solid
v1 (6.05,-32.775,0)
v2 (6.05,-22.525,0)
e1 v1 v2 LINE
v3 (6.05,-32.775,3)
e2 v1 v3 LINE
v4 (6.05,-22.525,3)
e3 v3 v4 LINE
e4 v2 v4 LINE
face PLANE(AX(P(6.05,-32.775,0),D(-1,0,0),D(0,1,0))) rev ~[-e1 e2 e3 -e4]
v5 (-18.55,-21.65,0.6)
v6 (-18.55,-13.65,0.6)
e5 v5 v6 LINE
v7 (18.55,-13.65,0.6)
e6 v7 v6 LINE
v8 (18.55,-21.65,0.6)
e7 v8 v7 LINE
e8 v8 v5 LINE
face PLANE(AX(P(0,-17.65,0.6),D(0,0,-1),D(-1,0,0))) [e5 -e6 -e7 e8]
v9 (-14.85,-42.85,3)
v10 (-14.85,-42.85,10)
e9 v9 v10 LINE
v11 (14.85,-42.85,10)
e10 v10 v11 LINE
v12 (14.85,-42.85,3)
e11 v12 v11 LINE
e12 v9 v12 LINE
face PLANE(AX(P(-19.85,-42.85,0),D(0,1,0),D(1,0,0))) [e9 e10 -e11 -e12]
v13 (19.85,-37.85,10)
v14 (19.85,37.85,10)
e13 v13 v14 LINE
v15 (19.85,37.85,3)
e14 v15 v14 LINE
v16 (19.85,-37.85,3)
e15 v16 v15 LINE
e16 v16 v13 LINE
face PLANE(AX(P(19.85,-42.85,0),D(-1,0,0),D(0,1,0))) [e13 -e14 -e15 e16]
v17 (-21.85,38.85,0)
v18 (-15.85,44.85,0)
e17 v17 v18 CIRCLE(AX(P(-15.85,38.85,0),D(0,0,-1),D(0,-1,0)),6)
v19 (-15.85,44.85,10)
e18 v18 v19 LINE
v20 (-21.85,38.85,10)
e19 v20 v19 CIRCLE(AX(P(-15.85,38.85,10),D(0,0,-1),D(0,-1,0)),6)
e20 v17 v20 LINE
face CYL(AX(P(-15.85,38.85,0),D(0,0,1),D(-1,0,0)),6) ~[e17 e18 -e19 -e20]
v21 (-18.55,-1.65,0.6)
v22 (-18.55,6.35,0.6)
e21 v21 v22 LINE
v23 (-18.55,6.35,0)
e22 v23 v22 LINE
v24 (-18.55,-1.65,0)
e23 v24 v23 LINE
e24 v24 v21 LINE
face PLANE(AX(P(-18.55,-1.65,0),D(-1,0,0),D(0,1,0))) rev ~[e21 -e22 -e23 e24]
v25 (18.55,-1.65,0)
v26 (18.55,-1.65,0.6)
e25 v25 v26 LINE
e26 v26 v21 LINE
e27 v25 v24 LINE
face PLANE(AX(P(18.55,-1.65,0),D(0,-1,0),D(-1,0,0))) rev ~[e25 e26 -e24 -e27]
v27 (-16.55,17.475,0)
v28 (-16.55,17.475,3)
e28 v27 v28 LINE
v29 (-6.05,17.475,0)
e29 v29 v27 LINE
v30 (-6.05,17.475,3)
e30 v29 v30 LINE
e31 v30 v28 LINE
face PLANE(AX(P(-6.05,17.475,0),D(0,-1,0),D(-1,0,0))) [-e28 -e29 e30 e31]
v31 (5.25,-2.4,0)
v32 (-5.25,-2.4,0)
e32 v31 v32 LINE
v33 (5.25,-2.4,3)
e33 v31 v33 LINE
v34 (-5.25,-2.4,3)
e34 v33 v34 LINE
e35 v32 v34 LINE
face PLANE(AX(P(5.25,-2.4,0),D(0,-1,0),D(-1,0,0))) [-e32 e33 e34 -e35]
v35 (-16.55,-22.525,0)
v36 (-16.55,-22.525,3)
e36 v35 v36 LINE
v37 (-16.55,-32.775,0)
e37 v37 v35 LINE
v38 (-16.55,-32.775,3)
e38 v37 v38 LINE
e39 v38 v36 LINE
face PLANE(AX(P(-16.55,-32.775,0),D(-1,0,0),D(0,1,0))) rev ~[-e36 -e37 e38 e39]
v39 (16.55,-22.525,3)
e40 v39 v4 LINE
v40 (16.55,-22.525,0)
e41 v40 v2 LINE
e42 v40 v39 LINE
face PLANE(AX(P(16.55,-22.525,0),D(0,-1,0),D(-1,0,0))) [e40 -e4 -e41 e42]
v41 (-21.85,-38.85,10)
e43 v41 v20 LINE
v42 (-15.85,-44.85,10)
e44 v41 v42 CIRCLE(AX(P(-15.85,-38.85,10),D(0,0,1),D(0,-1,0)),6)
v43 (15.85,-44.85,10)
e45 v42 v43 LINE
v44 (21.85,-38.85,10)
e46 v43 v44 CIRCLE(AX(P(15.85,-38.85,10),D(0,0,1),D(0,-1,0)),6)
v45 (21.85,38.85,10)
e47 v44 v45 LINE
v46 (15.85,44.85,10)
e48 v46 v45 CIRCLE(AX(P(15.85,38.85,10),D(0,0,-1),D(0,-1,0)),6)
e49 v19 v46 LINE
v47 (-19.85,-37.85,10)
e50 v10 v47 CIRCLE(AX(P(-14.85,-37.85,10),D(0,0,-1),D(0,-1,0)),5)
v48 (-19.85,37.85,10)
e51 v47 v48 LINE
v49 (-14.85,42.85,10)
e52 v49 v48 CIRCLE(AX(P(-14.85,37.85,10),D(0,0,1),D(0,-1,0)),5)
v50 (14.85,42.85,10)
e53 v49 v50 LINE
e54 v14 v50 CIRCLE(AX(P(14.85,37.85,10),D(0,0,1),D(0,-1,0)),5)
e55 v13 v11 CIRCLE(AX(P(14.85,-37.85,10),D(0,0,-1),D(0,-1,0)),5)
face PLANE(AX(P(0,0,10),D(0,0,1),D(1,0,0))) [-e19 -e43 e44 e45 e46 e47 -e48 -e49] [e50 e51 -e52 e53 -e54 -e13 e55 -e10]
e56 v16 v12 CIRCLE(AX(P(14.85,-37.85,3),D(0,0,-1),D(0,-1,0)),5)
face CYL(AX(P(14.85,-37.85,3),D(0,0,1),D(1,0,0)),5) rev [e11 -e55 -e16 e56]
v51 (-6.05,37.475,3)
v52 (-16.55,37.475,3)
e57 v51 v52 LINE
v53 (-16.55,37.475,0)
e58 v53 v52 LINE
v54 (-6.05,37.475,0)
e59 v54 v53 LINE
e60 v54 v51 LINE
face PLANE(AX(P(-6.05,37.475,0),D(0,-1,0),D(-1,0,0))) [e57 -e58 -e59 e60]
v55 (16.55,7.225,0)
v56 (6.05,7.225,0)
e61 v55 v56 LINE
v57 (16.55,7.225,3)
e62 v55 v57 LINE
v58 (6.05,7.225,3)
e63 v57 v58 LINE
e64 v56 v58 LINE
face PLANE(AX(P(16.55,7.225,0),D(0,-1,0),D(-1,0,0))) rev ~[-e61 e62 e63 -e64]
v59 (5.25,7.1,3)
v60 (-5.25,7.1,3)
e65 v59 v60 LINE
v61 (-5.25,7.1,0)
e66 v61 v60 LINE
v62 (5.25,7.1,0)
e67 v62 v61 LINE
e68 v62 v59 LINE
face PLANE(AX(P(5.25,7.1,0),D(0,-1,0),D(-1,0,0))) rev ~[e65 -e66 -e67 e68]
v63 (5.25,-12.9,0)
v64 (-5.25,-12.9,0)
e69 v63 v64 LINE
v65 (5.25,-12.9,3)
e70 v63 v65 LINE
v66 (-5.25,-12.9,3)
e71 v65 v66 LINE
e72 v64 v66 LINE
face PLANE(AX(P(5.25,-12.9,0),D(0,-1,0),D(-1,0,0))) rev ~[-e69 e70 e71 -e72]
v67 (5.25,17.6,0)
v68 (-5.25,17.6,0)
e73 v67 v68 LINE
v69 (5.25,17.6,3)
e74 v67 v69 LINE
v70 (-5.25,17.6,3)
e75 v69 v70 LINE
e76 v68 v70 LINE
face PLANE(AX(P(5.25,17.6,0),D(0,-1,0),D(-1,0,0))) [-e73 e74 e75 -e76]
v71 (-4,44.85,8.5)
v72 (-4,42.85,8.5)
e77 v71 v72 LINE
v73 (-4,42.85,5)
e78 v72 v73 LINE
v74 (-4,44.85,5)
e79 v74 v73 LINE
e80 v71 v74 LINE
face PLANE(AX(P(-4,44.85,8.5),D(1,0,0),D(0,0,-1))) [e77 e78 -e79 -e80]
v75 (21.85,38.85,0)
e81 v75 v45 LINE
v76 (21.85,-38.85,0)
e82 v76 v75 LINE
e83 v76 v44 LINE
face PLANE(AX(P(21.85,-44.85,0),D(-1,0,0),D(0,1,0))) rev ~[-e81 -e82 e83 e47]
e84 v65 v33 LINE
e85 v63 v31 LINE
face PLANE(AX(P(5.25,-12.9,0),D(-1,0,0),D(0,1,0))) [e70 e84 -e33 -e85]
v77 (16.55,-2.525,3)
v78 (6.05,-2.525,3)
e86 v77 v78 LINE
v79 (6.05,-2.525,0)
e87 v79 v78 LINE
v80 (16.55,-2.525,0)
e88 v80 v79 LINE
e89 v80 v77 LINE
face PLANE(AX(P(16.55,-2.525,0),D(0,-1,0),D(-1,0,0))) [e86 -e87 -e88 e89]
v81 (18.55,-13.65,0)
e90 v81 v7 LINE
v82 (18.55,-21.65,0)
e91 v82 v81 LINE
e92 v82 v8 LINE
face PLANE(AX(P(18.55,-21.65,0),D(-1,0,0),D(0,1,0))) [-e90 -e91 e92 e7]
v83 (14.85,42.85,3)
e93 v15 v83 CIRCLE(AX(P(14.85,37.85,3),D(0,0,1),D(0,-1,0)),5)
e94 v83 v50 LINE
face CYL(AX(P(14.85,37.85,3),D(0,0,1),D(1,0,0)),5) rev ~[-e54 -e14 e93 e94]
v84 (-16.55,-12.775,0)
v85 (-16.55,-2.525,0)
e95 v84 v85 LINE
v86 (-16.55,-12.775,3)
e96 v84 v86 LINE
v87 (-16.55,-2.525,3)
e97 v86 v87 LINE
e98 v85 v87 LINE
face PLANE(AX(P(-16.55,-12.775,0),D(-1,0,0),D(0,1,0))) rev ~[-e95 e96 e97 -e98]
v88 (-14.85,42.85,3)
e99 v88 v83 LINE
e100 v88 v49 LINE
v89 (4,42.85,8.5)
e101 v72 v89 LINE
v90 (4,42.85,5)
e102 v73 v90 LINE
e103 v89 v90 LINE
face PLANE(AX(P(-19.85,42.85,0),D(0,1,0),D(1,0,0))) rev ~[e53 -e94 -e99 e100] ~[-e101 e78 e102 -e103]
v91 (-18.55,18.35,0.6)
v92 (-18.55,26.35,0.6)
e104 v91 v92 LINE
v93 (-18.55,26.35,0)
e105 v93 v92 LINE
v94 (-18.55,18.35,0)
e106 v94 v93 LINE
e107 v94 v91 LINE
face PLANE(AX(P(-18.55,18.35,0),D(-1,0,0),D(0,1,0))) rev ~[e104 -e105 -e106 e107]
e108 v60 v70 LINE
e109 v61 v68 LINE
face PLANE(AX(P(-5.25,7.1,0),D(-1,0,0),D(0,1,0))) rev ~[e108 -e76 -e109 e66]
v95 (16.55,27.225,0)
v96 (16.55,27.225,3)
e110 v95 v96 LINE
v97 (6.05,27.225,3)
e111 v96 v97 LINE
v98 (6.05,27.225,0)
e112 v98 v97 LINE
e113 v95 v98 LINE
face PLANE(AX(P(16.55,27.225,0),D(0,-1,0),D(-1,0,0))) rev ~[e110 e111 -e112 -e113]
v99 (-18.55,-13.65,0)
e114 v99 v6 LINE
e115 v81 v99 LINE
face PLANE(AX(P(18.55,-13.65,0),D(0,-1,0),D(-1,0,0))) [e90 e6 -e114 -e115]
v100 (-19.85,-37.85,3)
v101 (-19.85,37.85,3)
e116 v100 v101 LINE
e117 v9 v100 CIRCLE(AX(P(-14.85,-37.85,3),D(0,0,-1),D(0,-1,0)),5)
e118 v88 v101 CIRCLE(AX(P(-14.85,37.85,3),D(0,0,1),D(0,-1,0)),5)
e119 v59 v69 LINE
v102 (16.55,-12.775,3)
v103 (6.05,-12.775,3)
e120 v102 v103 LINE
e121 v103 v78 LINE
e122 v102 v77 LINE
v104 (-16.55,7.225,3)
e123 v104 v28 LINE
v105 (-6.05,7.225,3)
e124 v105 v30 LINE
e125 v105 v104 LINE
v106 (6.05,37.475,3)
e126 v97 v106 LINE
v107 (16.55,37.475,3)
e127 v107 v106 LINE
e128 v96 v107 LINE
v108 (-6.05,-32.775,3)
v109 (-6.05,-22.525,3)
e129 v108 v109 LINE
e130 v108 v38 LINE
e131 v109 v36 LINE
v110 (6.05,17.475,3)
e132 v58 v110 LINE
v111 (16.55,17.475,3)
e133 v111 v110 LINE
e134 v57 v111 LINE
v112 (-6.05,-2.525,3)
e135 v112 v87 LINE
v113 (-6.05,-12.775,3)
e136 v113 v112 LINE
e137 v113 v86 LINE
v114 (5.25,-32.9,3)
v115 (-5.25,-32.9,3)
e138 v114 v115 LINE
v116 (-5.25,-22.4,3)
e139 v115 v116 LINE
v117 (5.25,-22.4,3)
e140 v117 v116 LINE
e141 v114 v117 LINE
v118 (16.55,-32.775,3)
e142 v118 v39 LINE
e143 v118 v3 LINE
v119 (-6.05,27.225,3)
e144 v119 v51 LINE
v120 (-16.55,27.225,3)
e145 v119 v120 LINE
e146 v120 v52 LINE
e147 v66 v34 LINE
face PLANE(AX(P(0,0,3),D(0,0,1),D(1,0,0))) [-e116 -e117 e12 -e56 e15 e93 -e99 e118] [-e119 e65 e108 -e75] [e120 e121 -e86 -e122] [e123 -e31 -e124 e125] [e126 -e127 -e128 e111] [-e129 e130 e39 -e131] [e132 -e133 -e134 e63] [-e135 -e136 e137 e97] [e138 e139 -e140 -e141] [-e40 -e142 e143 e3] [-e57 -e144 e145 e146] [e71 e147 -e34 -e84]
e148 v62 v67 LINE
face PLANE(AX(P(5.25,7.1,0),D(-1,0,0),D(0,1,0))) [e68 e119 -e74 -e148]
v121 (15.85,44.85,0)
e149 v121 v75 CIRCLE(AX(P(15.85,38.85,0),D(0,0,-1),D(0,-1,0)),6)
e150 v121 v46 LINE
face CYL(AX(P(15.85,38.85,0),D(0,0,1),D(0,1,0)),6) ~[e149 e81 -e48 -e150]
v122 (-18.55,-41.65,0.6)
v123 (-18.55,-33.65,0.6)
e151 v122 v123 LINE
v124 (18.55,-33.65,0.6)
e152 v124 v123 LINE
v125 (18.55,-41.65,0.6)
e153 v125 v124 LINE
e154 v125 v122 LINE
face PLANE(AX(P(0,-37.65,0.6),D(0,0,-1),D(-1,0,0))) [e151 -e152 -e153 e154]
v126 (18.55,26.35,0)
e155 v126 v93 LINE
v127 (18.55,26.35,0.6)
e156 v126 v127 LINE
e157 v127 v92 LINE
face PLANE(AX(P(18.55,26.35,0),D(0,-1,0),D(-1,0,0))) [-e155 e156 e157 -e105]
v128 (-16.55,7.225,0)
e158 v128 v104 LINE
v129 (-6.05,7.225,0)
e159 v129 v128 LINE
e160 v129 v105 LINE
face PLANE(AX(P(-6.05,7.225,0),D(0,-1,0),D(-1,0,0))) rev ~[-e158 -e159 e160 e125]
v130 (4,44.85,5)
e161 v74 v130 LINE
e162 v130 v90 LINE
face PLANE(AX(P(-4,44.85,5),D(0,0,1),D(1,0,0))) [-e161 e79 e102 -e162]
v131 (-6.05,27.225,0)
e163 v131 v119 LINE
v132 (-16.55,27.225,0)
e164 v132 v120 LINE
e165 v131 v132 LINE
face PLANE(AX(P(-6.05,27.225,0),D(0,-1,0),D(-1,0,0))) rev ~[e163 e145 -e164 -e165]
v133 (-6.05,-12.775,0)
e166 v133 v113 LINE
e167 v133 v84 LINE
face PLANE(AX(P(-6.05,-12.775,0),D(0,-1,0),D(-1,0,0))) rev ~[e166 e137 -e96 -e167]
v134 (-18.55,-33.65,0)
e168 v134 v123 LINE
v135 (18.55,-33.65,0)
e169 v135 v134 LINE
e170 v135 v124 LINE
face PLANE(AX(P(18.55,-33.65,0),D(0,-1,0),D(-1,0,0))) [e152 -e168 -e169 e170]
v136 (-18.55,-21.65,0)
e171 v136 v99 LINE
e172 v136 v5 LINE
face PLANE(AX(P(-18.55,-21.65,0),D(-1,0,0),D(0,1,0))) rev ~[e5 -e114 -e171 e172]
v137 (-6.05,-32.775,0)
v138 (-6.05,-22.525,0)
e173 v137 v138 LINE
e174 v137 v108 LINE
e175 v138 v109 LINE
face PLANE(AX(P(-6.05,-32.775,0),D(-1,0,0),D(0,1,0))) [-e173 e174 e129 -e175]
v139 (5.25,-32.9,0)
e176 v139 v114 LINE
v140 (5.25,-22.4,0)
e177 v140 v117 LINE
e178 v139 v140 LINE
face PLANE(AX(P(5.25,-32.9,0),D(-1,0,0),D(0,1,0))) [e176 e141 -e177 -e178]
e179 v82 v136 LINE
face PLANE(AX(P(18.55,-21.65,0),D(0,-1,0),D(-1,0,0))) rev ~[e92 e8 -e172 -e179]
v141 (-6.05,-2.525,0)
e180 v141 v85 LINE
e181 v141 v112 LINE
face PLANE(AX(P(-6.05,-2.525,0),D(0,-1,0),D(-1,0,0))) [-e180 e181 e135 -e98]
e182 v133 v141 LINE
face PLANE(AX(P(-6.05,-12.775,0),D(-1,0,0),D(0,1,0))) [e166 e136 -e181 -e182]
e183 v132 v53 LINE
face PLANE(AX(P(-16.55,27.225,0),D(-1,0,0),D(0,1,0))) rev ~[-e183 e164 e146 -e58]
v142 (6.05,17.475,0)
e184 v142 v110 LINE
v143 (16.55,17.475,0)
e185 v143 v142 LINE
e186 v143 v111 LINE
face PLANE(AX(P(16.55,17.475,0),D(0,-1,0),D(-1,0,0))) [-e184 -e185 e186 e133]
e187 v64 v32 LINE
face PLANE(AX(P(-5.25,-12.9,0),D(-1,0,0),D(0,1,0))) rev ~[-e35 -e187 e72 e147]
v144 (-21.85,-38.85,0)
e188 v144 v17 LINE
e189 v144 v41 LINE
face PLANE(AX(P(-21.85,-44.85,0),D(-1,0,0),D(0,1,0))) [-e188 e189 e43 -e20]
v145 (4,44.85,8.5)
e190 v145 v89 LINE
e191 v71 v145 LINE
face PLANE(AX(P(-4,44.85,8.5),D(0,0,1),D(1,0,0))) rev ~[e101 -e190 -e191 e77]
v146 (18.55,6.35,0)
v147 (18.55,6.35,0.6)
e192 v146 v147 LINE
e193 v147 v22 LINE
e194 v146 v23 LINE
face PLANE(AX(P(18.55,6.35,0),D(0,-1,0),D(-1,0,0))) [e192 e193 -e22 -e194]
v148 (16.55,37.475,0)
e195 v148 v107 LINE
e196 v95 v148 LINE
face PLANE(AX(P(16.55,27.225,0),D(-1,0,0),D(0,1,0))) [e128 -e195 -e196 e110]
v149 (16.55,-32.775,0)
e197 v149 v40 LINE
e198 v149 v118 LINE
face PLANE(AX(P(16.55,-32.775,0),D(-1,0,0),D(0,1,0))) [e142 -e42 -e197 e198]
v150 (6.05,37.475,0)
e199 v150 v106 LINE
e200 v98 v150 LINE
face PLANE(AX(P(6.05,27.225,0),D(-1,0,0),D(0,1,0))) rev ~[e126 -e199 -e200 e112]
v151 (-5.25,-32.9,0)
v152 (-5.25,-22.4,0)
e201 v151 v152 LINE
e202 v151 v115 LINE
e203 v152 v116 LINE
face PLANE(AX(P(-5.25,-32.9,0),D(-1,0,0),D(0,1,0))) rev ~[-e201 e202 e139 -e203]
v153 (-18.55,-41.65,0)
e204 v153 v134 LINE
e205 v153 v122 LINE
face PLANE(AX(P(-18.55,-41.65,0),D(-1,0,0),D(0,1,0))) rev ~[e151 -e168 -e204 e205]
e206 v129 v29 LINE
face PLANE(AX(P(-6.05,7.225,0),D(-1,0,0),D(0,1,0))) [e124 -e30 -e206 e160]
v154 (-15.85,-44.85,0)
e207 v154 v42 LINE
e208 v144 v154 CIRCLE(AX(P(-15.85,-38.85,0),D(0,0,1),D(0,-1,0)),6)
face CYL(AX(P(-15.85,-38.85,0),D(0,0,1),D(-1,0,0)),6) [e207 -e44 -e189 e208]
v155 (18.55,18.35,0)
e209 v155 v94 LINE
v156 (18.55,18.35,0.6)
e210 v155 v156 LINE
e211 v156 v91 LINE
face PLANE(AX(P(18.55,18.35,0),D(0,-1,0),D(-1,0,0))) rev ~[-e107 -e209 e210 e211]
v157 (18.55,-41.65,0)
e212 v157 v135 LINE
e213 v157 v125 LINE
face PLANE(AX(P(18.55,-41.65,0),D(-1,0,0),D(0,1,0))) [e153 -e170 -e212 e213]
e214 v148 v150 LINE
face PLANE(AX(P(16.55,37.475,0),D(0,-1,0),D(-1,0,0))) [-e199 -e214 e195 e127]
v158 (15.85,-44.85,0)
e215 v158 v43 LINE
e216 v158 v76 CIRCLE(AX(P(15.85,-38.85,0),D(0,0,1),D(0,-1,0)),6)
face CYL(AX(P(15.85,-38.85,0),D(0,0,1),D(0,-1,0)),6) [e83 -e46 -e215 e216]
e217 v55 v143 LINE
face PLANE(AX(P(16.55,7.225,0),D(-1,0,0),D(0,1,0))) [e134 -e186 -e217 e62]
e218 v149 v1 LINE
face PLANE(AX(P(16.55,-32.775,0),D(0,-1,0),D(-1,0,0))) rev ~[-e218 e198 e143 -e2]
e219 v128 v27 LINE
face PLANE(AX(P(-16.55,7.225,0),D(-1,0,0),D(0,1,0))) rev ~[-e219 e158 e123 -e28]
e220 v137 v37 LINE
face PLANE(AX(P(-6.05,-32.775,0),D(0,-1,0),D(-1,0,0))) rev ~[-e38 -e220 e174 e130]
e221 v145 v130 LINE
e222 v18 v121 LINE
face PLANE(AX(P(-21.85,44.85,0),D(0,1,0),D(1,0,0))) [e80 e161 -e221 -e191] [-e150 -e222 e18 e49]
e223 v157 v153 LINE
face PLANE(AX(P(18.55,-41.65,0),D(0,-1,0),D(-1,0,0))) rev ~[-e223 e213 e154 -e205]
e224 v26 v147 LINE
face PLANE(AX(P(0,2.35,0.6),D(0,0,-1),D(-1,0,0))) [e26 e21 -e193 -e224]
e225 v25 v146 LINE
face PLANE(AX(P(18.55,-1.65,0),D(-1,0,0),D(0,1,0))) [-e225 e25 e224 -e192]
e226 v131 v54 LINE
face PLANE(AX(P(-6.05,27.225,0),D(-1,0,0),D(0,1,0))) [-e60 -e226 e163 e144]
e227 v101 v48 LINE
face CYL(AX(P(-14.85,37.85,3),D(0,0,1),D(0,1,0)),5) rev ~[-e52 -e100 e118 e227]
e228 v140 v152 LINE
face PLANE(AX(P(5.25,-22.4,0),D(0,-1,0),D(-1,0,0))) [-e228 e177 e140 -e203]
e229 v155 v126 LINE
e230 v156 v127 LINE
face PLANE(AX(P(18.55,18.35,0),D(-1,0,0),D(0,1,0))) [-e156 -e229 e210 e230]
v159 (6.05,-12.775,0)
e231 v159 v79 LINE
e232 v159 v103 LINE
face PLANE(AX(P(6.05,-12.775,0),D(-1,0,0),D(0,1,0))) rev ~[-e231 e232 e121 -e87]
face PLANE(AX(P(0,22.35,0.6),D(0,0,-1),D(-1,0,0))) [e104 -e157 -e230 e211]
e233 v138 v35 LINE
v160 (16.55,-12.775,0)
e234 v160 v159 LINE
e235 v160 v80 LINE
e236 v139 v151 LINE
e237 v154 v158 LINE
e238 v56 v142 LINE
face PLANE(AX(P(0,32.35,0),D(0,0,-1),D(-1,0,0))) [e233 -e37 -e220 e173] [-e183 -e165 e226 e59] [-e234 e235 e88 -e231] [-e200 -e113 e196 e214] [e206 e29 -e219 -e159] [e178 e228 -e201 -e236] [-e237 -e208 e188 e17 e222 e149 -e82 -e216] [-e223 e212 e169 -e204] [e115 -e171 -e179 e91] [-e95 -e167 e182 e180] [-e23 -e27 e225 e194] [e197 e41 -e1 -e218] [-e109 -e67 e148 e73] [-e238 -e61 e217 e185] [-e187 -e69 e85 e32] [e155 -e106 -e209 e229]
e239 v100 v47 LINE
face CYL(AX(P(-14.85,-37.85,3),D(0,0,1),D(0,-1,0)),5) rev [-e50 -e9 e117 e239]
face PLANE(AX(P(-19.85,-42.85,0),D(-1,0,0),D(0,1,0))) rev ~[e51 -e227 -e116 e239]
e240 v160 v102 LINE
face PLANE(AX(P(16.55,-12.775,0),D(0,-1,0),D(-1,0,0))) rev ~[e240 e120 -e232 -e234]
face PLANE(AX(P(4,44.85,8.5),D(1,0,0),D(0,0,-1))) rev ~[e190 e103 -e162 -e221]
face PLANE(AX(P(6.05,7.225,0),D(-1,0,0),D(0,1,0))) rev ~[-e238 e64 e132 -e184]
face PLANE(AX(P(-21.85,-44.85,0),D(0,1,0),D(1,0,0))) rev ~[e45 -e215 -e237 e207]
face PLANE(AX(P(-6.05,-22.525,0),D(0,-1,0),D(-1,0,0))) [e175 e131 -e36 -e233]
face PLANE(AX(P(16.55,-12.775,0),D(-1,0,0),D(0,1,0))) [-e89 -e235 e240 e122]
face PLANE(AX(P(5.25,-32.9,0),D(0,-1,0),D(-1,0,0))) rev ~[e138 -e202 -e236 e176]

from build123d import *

# Parameters (mm, degrees)
SKETCH_1_W             = 39.7
SKETCH_1_H             = 85.7
EXTRUDE_1_DEPTH        = 3
SKETCH_3_W             = 10.5
SKETCH_3_H             = 10.25
SKETCH_3_H_2           = 10.5
CUT_EXTRUDE_1_DEPTH    = 3
EXTRUDE_1_2_DEPTH      = 7
EXTRUDE_1_2_DEPTH_BACK = 3
SKETCH_6_W             = 43.7
SKETCH_6_H             = 89.7
SKETCH_6_W_2           = 39.7
SKETCH_6_H_2           = 85.7
FILLET_1_R             = 6
SKETCH_7_W             = 8
SKETCH_7_H             = 3.5
CUT_EXTRUDE_2_DEPTH    = 7
FILLET_2_R             = 5
FILLET_3_R             = 5
SKETCH_8_W             = 10.5
SKETCH_8_H             = 10.5
EXTRUDE_2_DEPTH        = 3
SKETCH_9_W             = 37.1
SKETCH_9_H             = 8
CUT_EXTRUDE_3_DEPTH    = 0.6


with BuildPart() as part:
    # 스케치1 → Extrude 1 (new body)
    with BuildSketch(Plane.XY):
        Rectangle(SKETCH_1_W, SKETCH_1_H)
    extrude(amount=EXTRUDE_1_DEPTH)

    # 스케치3 → 컷-돌출1 (cut)
    with BuildSketch(Plane(origin=(0, 0, 0), x_dir=(-1, 0, 0), z_dir=(0, 0, -1))):
        with Locations((-11.3, 32.35)):
            Rectangle(SKETCH_3_W, SKETCH_3_H)
        with Locations((-11.3, 12.35)):
            Rectangle(SKETCH_3_W, SKETCH_3_H)
        with Locations((11.3, 32.35)):
            Rectangle(SKETCH_3_W, SKETCH_3_H)
        with Locations((0, 32.35)):
            Rectangle(SKETCH_3_W, SKETCH_3_H_2)
        with Locations((0, 12.35)):
            Rectangle(SKETCH_3_W, SKETCH_3_H_2)
        with Locations((11.3, 12.35)):
            Rectangle(SKETCH_3_W, SKETCH_3_H)
        with Locations((-11.3, -7.65)):
            Rectangle(SKETCH_3_W, SKETCH_3_H)
        with Locations((0, -7.65)):
            Rectangle(SKETCH_3_W, SKETCH_3_H_2)
        with Locations((11.3, -7.65)):
            Rectangle(SKETCH_3_W, SKETCH_3_H)
        with Locations((-11.3, -27.65)):
            Rectangle(SKETCH_3_W, SKETCH_3_H)
        with Locations((0, -27.65)):
            Rectangle(SKETCH_3_W, SKETCH_3_H_2)
        with Locations((11.3, -27.65)):
            Rectangle(SKETCH_3_W, SKETCH_3_H)
    extrude(amount=-CUT_EXTRUDE_1_DEPTH, mode=Mode.SUBTRACT)

    # 스케치6 → Extrude 1 2 (add, two sides: drawn at the far end of the back side and taken through both)
    with BuildSketch(Plane.XY.offset(3).offset(-EXTRUDE_1_2_DEPTH_BACK)):
        Rectangle(SKETCH_6_W, SKETCH_6_H)
        Rectangle(SKETCH_6_W_2, SKETCH_6_H_2, mode=Mode.SUBTRACT)
    extrude(amount=EXTRUDE_1_2_DEPTH + EXTRUDE_1_2_DEPTH_BACK)

    # 필렛1
    fillet_1_edges = [part.edges().sort_by_distance(p)[0] for p in [
        (21.85, 44.85, 5),
        (21.85, -44.85, 5),
        (-21.85, -44.85, 5),
        (-21.85, 44.85, 5),
    ]]
    fillet(fillet_1_edges, radius=FILLET_1_R)

    # 스케치7 → 컷-돌출2 (cut)
    with BuildSketch(Plane(origin=(0, 44.85, 0), x_dir=(1, 0, 0), z_dir=(0, 1, 0))):
        with Locations((0, -6.75)):
            Rectangle(SKETCH_7_W, SKETCH_7_H)
    extrude(amount=-CUT_EXTRUDE_2_DEPTH, mode=Mode.SUBTRACT)

    # 필렛2
    fillet_2_edges = [part.edges().sort_by_distance(p)[0] for p in [
        (-19.85, 42.85, 6.5),
        (19.85, 42.85, 6.5),
    ]]
    fillet(fillet_2_edges, radius=FILLET_2_R)

    # 필렛3
    fillet_3_edges = [part.edges().sort_by_distance(p)[0] for p in [
        (19.85, -42.85, 6.5),
        (-19.85, -42.85, 6.5),
    ]]
    fillet(fillet_3_edges, radius=FILLET_3_R)

    # 스케치8 → 보스-돌출2 (add)
    with BuildSketch(Plane(origin=(0, 0, 0), x_dir=(-1, 0, 0), z_dir=(0, 0, -1))):
        with Locations((0, 32.35)):
            Rectangle(SKETCH_8_W, SKETCH_8_H)
    extrude(amount=-EXTRUDE_2_DEPTH)

    # 스케치9 → 컷-돌출3 (cut)
    with BuildSketch(Plane(origin=(0, 0, 0), x_dir=(-1, 0, 0), z_dir=(0, 0, -1))):
        with Locations((0, 2.35)):
            Rectangle(SKETCH_9_W, SKETCH_9_H)
        with Locations((0, 22.35)):
            Rectangle(SKETCH_9_W, SKETCH_9_H)
        with Locations((0, -17.65)):
            Rectangle(SKETCH_9_W, SKETCH_9_H)
        with Locations((0, -37.65)):
            Rectangle(SKETCH_9_W, SKETCH_9_H)
    extrude(amount=-CUT_EXTRUDE_3_DEPTH, mode=Mode.SUBTRACT)


solid = part.part
